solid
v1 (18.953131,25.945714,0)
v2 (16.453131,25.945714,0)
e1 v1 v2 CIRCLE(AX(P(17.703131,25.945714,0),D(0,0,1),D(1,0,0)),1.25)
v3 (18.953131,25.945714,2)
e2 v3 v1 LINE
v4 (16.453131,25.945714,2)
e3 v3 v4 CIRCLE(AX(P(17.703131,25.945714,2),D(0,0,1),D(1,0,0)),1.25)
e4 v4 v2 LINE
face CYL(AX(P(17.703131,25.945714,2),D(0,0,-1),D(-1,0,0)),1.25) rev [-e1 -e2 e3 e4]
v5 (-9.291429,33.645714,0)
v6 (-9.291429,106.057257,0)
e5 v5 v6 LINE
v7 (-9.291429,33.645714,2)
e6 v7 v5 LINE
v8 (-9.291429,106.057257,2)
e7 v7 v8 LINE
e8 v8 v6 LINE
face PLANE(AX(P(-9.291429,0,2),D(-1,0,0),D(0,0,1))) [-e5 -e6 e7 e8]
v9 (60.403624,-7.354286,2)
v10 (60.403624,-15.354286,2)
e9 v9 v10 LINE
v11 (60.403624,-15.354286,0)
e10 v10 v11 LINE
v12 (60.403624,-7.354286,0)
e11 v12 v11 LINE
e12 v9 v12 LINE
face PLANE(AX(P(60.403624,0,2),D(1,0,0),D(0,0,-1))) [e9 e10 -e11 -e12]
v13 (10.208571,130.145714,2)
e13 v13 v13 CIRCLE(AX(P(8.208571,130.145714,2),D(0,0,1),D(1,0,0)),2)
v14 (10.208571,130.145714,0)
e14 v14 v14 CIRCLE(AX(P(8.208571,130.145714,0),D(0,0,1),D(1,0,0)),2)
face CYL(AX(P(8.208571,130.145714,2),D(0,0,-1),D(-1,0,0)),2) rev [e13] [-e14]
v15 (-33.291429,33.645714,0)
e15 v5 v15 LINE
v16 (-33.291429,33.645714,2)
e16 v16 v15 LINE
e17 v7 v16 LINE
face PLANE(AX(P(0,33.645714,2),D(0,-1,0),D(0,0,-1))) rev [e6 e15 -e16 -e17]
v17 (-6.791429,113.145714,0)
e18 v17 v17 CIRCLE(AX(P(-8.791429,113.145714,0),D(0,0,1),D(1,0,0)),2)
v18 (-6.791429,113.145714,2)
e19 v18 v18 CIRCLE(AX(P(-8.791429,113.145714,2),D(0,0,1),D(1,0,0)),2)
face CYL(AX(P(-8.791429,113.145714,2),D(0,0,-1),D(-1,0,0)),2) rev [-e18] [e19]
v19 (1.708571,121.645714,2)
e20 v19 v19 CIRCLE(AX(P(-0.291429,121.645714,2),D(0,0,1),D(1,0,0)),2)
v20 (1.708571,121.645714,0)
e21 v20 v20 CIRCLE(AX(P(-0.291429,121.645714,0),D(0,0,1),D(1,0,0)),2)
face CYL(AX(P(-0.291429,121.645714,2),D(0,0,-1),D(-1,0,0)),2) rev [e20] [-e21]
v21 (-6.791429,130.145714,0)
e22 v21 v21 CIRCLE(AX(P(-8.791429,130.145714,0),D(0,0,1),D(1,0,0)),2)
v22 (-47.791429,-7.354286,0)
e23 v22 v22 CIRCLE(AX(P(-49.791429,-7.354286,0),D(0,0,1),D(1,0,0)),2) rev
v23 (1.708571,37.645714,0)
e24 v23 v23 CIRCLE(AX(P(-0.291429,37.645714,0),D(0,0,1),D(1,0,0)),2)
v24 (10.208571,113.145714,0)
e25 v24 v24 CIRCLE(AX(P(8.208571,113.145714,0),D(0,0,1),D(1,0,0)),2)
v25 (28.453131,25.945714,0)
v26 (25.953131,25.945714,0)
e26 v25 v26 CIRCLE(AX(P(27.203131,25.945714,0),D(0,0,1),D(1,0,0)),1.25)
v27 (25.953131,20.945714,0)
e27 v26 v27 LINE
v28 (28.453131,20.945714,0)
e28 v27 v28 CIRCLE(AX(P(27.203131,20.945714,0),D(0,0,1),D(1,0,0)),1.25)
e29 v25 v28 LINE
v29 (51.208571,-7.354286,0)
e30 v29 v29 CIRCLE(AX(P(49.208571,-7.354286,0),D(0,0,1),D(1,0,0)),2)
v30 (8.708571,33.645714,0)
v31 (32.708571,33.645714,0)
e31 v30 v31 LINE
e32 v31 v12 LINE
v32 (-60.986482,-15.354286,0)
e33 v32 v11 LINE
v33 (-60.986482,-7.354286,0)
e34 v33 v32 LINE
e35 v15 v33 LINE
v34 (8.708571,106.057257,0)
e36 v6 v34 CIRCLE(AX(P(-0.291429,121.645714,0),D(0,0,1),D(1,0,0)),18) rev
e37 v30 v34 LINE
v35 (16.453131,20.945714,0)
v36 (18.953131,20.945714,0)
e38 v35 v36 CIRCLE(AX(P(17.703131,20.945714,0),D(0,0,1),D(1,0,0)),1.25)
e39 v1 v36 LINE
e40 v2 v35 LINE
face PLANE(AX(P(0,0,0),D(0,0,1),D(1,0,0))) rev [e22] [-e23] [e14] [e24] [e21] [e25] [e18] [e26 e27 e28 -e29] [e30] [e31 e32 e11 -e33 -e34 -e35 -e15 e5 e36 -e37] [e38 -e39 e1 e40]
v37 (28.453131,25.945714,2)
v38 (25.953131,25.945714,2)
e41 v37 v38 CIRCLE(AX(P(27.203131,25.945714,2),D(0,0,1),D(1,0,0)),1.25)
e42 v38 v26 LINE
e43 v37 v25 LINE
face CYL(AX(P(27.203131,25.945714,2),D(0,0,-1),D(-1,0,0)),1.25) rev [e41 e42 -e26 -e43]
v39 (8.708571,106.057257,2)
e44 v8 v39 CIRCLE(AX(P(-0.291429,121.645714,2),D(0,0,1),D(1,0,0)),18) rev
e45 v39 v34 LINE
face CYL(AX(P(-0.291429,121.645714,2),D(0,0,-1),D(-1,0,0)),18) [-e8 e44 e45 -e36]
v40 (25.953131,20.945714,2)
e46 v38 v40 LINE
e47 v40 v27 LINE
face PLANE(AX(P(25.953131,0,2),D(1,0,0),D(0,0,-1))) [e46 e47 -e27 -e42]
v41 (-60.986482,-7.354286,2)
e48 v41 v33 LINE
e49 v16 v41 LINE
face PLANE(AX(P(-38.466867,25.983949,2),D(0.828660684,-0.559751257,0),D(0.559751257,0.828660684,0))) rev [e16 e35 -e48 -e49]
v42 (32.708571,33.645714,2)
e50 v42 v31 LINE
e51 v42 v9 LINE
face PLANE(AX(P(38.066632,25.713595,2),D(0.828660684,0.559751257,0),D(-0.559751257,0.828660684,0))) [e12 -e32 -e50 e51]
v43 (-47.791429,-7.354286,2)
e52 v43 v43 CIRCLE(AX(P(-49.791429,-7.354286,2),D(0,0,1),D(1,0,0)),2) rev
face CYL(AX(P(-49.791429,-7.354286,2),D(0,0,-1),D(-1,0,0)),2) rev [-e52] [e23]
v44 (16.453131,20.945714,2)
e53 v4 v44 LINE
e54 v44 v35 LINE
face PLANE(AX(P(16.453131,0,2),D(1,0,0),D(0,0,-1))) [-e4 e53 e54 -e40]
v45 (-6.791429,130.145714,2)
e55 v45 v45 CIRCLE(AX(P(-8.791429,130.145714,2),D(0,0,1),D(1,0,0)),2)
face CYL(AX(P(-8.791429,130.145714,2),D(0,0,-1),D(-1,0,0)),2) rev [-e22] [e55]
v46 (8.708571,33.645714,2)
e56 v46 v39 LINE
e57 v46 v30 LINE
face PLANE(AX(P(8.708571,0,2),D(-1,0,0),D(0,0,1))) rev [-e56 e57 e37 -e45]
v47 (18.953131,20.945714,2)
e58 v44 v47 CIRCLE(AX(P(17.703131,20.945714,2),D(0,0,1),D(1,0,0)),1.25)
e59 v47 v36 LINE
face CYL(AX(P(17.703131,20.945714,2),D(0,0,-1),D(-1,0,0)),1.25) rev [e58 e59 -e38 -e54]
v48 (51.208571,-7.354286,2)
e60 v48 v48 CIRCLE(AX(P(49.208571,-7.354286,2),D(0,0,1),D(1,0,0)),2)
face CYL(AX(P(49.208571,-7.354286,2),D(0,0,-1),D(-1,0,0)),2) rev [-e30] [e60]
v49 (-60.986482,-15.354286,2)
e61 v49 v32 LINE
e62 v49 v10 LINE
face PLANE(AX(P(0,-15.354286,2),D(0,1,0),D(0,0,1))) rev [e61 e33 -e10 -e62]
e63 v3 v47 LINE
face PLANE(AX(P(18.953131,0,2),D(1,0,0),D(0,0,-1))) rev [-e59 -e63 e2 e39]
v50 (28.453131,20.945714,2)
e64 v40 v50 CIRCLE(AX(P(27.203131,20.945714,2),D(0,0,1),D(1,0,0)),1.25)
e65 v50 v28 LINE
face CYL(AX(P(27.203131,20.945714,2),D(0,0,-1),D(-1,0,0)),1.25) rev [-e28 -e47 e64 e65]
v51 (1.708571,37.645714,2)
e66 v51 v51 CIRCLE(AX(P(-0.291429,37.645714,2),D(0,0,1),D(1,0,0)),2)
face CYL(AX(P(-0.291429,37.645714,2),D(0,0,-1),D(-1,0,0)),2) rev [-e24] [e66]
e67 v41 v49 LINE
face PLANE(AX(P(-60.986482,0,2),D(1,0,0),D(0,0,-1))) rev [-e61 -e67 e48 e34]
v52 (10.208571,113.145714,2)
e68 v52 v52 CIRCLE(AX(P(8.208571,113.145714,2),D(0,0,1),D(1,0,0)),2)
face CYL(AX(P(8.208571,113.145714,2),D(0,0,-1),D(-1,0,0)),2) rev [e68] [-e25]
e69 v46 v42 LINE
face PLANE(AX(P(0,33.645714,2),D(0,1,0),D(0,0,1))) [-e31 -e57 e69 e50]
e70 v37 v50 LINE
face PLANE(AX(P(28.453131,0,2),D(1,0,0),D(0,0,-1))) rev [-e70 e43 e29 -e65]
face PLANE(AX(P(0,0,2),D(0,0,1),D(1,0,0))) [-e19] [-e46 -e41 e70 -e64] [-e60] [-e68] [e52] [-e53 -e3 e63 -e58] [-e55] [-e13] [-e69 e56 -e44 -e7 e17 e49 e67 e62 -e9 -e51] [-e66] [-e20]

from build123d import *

# Parameters (mm, degrees)
SKETCH_1_R      = 2
EXTRUDE_1_DEPTH = 2


with BuildPart() as part:
    # 草图1 → 凸台-拉伸1 (new body)
    with BuildSketch(Plane.XY):
        with BuildLine():
            Line((-9.291428571, 106.057257018), (-9.291428571, 33.645714286))
            Line((-9.291428571, 33.645714286), (-33.291428571, 33.645714286))
            Line((-33.291428571, 33.645714286), (-60.986481548, -7.354285714))
            Line((-60.986481548, -7.354285714), (-60.986481548, -15.354285714))
            Line((-60.986481548, -15.354285714), (60.403624405, -15.354285714))
            Line((60.403624405, -15.354285714), (60.403624405, -7.354285714))
            Line((60.403624405, -7.354285714), (32.708571429, 33.645714286))
            Line((32.708571429, 33.645714286), (8.708571429, 33.645714286))
            Line((8.708571429, 33.645714286), (8.708571429, 106.057257018))
            ThreePointArc((8.708571429, 106.057257018), (-0.291428571, 139.645714286), (-9.291428571, 106.057257018))
        make_face()
        with Locations((-49.791428571, -7.354285714)):
            Circle(SKETCH_1_R, mode=Mode.SUBTRACT)
        with Locations((-0.291428571, 37.645714286)):
            Circle(SKETCH_1_R, mode=Mode.SUBTRACT)
        with Locations((49.208571429, -7.354285714)):
            Circle(SKETCH_1_R, mode=Mode.SUBTRACT)
        with BuildLine():
            ThreePointArc((16.453130984, 25.945714286), (17.703130984, 27.195714286), (18.953130984, 25.945714286))
            Line((18.953130984, 25.945714286), (18.953130984, 20.945714286))
            ThreePointArc((18.953130984, 20.945714286), (17.703130984, 19.695714286), (16.453130984, 20.945714286))
            Line((16.453130984, 20.945714286), (16.453130984, 25.945714286))
        make_face(mode=Mode.SUBTRACT)
        with BuildLine():
            ThreePointArc((25.953130984, 25.945714286), (27.203130984, 27.195714286), (28.453130984, 25.945714286))
            Line((28.453130984, 25.945714286), (28.453130984, 20.945714286))
            ThreePointArc((28.453130984, 20.945714286), (27.203130984, 19.695714286), (25.953130984, 20.945714286))
            Line((25.953130984, 20.945714286), (25.953130984, 25.945714286))
        make_face(mode=Mode.SUBTRACT)
        with Locations((8.208571429, 130.145714286)):
            Circle(SKETCH_1_R, mode=Mode.SUBTRACT)
        with Locations((-8.791428571, 113.145714286)):
            Circle(SKETCH_1_R, mode=Mode.SUBTRACT)
        with Locations((-0.291428571, 121.645714286)):
            Circle(SKETCH_1_R, mode=Mode.SUBTRACT)
        with Locations((-8.791428571, 130.145714286)):
            Circle(SKETCH_1_R, mode=Mode.SUBTRACT)
        with Locations((8.208571429, 113.145714286)):
            Circle(SKETCH_1_R, mode=Mode.SUBTRACT)
    extrude(amount=EXTRUDE_1_DEPTH)


solid = part.part
